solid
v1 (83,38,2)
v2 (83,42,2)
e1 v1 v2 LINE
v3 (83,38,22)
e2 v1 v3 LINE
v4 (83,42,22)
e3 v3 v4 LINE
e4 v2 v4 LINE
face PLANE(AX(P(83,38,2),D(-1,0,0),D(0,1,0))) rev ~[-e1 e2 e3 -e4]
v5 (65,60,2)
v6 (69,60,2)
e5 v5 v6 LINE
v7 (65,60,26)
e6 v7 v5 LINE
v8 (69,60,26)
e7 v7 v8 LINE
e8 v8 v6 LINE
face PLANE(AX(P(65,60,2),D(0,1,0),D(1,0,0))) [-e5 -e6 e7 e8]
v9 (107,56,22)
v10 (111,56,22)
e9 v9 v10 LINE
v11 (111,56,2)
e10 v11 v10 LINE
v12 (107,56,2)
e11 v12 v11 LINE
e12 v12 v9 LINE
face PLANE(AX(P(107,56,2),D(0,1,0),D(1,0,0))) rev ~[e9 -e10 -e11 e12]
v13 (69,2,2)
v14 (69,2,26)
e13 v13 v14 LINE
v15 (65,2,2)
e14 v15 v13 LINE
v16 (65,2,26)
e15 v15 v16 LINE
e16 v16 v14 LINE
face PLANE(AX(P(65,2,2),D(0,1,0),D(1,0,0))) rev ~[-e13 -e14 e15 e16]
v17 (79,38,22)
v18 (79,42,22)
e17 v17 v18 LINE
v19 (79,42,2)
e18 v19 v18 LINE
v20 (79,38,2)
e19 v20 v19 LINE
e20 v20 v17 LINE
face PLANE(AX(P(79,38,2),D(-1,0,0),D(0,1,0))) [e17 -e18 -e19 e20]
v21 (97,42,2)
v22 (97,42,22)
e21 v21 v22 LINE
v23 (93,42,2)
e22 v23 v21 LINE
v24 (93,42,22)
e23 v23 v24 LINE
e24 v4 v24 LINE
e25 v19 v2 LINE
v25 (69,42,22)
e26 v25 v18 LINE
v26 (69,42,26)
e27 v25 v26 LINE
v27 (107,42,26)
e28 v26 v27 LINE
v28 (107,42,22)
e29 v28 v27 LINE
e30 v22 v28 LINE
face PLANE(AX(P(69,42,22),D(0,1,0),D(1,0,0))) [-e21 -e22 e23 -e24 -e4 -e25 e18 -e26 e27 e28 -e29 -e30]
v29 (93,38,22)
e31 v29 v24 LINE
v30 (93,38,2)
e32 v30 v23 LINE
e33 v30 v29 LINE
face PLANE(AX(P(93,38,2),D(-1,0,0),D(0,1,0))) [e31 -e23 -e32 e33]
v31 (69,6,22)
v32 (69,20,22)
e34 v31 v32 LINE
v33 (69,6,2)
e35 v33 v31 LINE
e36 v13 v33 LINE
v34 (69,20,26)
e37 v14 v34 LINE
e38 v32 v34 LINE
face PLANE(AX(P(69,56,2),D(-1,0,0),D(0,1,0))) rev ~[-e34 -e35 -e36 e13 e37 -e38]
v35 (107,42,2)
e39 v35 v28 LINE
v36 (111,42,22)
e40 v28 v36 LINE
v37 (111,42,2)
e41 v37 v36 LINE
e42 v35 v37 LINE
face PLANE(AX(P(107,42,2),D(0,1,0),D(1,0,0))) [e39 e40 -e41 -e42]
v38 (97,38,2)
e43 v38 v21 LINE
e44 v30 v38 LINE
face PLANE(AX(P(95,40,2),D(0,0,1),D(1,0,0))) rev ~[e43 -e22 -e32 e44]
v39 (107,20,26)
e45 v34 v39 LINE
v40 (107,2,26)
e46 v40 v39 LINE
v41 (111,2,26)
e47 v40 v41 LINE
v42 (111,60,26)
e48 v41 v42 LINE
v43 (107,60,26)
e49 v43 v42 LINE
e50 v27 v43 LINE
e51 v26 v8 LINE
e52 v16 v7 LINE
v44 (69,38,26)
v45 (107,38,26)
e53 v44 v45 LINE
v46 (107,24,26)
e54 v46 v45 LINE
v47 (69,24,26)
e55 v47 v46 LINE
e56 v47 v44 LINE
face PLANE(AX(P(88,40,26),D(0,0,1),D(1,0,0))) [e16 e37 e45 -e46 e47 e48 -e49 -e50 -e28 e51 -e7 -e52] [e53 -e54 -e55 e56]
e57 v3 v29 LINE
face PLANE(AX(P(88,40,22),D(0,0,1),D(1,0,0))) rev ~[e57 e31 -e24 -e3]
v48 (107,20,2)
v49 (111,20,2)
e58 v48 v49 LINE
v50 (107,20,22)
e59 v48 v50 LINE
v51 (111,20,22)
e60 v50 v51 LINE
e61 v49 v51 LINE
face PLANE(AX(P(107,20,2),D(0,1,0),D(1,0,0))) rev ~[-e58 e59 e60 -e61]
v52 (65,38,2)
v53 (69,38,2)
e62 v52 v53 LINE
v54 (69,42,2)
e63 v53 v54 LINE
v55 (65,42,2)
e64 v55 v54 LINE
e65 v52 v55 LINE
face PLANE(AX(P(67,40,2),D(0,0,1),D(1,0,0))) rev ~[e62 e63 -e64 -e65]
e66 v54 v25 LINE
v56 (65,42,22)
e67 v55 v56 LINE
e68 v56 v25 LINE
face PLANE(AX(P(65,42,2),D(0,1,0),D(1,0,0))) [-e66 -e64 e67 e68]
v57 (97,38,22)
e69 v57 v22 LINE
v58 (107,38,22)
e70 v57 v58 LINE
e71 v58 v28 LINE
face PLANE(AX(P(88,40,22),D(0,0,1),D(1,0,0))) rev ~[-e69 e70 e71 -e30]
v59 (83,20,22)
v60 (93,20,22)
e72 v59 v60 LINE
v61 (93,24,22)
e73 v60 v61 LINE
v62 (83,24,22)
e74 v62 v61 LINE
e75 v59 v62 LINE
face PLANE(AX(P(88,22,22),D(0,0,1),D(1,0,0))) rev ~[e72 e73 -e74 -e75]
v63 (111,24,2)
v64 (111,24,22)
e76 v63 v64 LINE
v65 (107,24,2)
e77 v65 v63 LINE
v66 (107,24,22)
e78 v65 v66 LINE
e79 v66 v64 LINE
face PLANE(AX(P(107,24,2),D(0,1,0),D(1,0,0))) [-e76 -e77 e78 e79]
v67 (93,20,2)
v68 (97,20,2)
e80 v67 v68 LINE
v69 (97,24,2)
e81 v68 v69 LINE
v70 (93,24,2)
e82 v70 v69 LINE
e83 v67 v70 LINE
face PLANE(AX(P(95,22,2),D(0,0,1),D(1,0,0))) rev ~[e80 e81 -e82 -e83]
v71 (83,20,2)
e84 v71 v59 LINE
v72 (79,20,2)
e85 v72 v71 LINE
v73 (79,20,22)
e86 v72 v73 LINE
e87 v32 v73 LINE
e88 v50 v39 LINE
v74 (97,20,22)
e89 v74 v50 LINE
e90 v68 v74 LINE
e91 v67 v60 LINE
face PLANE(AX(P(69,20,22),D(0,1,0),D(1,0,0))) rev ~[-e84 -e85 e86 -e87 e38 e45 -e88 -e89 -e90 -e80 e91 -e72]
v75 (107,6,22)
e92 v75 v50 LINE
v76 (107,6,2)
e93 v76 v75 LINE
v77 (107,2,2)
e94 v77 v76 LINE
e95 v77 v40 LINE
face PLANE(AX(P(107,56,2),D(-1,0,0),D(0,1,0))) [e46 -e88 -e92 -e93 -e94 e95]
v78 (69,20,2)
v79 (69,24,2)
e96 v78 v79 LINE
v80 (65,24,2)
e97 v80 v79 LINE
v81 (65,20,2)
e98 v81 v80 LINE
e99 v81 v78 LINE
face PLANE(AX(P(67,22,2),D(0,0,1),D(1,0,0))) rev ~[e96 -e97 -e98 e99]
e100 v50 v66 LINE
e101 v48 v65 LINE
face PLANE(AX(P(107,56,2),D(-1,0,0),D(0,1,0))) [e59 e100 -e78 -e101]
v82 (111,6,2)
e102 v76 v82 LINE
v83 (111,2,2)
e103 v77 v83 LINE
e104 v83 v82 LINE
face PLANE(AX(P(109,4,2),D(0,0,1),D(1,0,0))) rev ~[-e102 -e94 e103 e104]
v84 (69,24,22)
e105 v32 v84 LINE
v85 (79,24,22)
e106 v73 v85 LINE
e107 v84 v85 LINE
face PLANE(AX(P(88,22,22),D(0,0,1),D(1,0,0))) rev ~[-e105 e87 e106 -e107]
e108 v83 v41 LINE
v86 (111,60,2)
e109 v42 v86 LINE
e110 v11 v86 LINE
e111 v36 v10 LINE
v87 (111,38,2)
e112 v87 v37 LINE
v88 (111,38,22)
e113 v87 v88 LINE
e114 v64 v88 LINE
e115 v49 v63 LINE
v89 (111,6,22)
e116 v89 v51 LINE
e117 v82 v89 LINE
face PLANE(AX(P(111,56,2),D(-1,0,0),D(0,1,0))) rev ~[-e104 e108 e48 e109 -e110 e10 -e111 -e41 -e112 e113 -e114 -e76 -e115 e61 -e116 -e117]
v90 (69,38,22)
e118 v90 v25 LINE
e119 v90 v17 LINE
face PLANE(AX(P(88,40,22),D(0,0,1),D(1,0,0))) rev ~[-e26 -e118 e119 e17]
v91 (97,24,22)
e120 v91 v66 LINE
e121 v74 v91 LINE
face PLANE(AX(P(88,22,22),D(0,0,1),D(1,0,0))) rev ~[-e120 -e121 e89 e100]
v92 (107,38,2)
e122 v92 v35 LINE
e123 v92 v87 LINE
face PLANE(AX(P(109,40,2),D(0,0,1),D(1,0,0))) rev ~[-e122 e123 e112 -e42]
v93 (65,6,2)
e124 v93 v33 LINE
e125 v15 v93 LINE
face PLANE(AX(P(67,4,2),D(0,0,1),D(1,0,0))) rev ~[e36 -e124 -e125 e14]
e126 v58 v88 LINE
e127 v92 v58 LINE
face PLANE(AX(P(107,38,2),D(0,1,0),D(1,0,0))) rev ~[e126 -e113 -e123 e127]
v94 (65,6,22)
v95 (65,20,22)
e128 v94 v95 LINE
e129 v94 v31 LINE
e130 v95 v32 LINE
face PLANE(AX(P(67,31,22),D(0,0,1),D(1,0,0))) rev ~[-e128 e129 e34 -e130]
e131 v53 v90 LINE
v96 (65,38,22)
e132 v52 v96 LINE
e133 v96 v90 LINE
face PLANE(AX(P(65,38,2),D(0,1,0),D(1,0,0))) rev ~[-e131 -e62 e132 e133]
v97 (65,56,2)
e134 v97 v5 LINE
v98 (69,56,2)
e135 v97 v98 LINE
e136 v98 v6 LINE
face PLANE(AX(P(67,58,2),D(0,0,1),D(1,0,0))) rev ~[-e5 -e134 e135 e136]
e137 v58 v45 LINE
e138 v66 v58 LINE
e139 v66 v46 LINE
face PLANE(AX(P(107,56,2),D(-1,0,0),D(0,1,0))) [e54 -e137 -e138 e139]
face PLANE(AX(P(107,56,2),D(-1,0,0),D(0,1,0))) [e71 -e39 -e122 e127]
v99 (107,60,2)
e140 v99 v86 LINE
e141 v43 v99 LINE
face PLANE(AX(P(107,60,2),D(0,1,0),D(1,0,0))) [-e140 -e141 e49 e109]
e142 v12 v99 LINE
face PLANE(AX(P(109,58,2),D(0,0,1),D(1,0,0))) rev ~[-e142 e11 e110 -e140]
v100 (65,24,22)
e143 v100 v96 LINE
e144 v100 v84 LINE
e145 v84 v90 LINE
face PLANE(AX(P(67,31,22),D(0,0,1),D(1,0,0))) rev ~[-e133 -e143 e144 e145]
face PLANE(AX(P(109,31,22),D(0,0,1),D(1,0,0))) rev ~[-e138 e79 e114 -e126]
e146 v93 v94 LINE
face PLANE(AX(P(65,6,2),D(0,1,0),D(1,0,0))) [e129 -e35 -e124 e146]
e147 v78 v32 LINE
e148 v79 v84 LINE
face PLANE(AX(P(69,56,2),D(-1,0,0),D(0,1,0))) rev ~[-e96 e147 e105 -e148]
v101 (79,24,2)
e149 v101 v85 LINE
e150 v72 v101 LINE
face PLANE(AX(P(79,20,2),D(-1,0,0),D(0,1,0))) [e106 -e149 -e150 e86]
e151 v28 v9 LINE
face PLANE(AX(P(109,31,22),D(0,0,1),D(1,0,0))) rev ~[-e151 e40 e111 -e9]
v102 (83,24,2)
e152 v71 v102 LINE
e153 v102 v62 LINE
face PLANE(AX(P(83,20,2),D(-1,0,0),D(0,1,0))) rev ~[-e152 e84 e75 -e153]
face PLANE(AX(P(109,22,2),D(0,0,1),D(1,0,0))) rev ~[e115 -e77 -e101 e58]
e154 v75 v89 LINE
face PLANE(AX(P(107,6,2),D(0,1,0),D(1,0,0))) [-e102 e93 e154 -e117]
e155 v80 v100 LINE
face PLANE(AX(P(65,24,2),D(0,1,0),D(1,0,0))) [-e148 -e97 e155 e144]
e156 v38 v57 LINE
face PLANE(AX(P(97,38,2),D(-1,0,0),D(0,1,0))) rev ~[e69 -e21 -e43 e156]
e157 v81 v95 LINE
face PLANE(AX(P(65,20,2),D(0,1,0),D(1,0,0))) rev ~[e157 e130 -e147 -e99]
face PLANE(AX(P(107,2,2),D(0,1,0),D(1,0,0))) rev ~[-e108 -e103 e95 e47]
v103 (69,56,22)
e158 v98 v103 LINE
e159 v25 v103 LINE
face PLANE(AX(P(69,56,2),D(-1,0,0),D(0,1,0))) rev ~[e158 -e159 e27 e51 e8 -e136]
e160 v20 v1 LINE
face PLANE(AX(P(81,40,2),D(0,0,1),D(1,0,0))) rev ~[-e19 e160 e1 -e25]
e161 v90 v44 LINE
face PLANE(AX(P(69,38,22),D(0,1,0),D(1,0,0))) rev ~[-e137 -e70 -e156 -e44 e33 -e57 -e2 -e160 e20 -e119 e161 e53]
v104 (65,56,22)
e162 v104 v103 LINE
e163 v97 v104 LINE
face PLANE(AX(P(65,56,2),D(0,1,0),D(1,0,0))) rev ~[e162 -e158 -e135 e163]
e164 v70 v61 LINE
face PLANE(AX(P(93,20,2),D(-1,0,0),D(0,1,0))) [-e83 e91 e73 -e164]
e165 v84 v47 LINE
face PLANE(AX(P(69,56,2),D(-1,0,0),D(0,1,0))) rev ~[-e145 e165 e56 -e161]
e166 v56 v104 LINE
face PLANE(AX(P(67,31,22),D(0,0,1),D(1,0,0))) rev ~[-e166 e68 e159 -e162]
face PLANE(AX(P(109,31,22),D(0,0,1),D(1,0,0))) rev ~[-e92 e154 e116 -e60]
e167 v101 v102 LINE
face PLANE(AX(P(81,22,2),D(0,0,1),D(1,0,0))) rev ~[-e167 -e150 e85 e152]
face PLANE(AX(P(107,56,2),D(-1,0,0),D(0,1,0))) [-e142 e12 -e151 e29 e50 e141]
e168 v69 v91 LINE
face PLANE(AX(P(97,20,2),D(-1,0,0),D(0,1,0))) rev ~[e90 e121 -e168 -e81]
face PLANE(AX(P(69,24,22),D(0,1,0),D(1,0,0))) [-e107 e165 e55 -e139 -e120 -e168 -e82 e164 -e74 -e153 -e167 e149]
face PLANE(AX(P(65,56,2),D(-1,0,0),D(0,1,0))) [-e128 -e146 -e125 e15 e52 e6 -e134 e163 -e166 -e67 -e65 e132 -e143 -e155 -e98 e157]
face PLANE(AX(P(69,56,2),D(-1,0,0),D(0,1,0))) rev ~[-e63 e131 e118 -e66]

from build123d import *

# Parameters (mm, degrees)
BOX085056_W     = 4
BOX085056_H     = 58
BOX085056_DEPTH = 4
BOX085057_W     = 4
BOX085057_H     = 4
BOX085057_DEPTH = 20
BOX085058_W     = 4
BOX085058_H     = 4
BOX085058_DEPTH = 20
BOX085059_W     = 4
BOX085059_H     = 4
BOX085059_DEPTH = 20
BOX085060_W     = 4
BOX085060_H     = 4
BOX085060_DEPTH = 20
BOX085061_W     = 4
BOX085061_H     = 4
BOX085061_DEPTH = 20
BOX085062_W     = 4
BOX085062_H     = 4
BOX085062_DEPTH = 20
BOX085063_W     = 4
BOX085063_H     = 4
BOX085063_DEPTH = 20
BOX085064_W     = 4
BOX085064_H     = 4
BOX085064_DEPTH = 20
BOX085065_W     = 38
BOX085065_H     = 4
BOX085065_DEPTH = 4
BOX085066_W     = 38
BOX085066_H     = 4
BOX085066_DEPTH = 4
BOX085067_W     = 4
BOX085067_H     = 4
BOX085067_DEPTH = 20
BOX085068_W     = 4
BOX085068_H     = 4
BOX085068_DEPTH = 20
BOX085069_W     = 4
BOX085069_H     = 4
BOX085069_DEPTH = 20
BOX085070_W     = 4
BOX085070_H     = 4
BOX085070_DEPTH = 20
BOX085055_W     = 4
BOX085055_H     = 58
BOX085055_DEPTH = 4


with BuildPart() as cube142:
    # Box085056 → Box085056 (new body)
    with BuildSketch(Plane(origin=(107, 2, 22), x_dir=(1, 0, 0), z_dir=(0, 0, 1))):
        with Locations((2, 29)):
            Rectangle(BOX085056_W, BOX085056_H)
    extrude(amount=BOX085056_DEPTH)


with BuildPart() as cube143:
    # Box085057 → Box085057 (new body)
    with BuildSketch(Plane(origin=(65, 38, 2), x_dir=(1, 0, 0), z_dir=(0, 0, 1))):
        with Locations((2, 2)):
            Rectangle(BOX085057_W, BOX085057_H)
    extrude(amount=BOX085057_DEPTH)


with BuildPart() as cube144:
    # Box085058 → Box085058 (new body)
    with BuildSketch(Plane(origin=(65, 2, 2), x_dir=(1, 0, 0), z_dir=(0, 0, 1))):
        with Locations((2, 2)):
            Rectangle(BOX085058_W, BOX085058_H)
    extrude(amount=BOX085058_DEPTH)


with BuildPart() as cube145:
    # Box085059 → Box085059 (new body)
    with BuildSketch(Plane(origin=(65, 56, 2), x_dir=(1, 0, 0), z_dir=(0, 0, 1))):
        with Locations((2, 2)):
            Rectangle(BOX085059_W, BOX085059_H)
    extrude(amount=BOX085059_DEPTH)


with BuildPart() as cube146:
    # Box085060 → Box085060 (new body)
    with BuildSketch(Plane(origin=(107, 38, 2), x_dir=(1, 0, 0), z_dir=(0, 0, 1))):
        with Locations((2, 2)):
            Rectangle(BOX085060_W, BOX085060_H)
    extrude(amount=BOX085060_DEPTH)


with BuildPart() as cube147:
    # Box085061 → Box085061 (new body)
    with BuildSketch(Plane(origin=(107, 2, 2), x_dir=(1, 0, 0), z_dir=(0, 0, 1))):
        with Locations((2, 2)):
            Rectangle(BOX085061_W, BOX085061_H)
    extrude(amount=BOX085061_DEPTH)


with BuildPart() as cube148:
    # Box085062 → Box085062 (new body)
    with BuildSketch(Plane(origin=(107, 56, 2), x_dir=(1, 0, 0), z_dir=(0, 0, 1))):
        with Locations((2, 2)):
            Rectangle(BOX085062_W, BOX085062_H)
    extrude(amount=BOX085062_DEPTH)


with BuildPart() as cube149:
    # Box085063 → Box085063 (new body)
    with BuildSketch(Plane(origin=(65, 20, 2), x_dir=(1, 0, 0), z_dir=(0, 0, 1))):
        with Locations((2, 2)):
            Rectangle(BOX085063_W, BOX085063_H)
    extrude(amount=BOX085063_DEPTH)


with BuildPart() as cube150:
    # Box085064 → Box085064 (new body)
    with BuildSketch(Plane(origin=(107, 20, 2), x_dir=(1, 0, 0), z_dir=(0, 0, 1))):
        with Locations((2, 2)):
            Rectangle(BOX085064_W, BOX085064_H)
    extrude(amount=BOX085064_DEPTH)


with BuildPart() as cube151:
    # Box085065 → Box085065 (new body)
    with BuildSketch(Plane(origin=(69, 20, 22), x_dir=(1, 0, 0), z_dir=(0, 0, 1))):
        with Locations((19, 2)):
            Rectangle(BOX085065_W, BOX085065_H)
    extrude(amount=BOX085065_DEPTH)


with BuildPart() as cube152:
    # Box085066 → Box085066 (new body)
    with BuildSketch(Plane(origin=(69, 38, 22), x_dir=(1, 0, 0), z_dir=(0, 0, 1))):
        with Locations((19, 2)):
            Rectangle(BOX085066_W, BOX085066_H)
    extrude(amount=BOX085066_DEPTH)


with BuildPart() as cube153:
    # Box085067 → Box085067 (new body)
    with BuildSketch(Plane(origin=(79, 20, 2), x_dir=(1, 0, 0), z_dir=(0, 0, 1))):
        with Locations((2, 2)):
            Rectangle(BOX085067_W, BOX085067_H)
    extrude(amount=BOX085067_DEPTH)


with BuildPart() as cube154:
    # Box085068 → Box085068 (new body)
    with BuildSketch(Plane(origin=(93, 20, 2), x_dir=(1, 0, 0), z_dir=(0, 0, 1))):
        with Locations((2, 2)):
            Rectangle(BOX085068_W, BOX085068_H)
    extrude(amount=BOX085068_DEPTH)


with BuildPart() as cube155:
    # Box085069 → Box085069 (new body)
    with BuildSketch(Plane(origin=(79, 38, 2), x_dir=(1, 0, 0), z_dir=(0, 0, 1))):
        with Locations((2, 2)):
            Rectangle(BOX085069_W, BOX085069_H)
    extrude(amount=BOX085069_DEPTH)


with BuildPart() as cube156:
    # Box085070 → Box085070 (new body)
    with BuildSketch(Plane(origin=(93, 38, 2), x_dir=(1, 0, 0), z_dir=(0, 0, 1))):
        with Locations((2, 2)):
            Rectangle(BOX085070_W, BOX085070_H)
    extrude(amount=BOX085070_DEPTH)


with BuildPart() as drawer_rails:
    # Box085055 → Box085055 (new body)
    with BuildSketch(Plane(origin=(65, 2, 22), x_dir=(1, 0, 0), z_dir=(0, 0, 1))):
        with Locations((2, 29)):
            Rectangle(BOX085055_W, BOX085055_H)
    extrude(amount=BOX085055_DEPTH)

    # Fusion004008002002002001007002002018: union Cube142, Cube143, Cube144, Cube145, Cube146, Cube147, Cube148, Cube149, Cube150, Cube151, Cube152, Cube153, Cube154, Cube155, Cube156
    add(cube142.part)
    add(cube143.part)
    add(cube144.part)
    add(cube145.part)
    add(cube146.part)
    add(cube147.part)
    add(cube148.part)
    add(cube149.part)
    add(cube150.part)
    add(cube151.part)
    add(cube152.part)
    add(cube153.part)
    add(cube154.part)
    add(cube155.part)
    add(cube156.part)


solid = drawer_rails.part
